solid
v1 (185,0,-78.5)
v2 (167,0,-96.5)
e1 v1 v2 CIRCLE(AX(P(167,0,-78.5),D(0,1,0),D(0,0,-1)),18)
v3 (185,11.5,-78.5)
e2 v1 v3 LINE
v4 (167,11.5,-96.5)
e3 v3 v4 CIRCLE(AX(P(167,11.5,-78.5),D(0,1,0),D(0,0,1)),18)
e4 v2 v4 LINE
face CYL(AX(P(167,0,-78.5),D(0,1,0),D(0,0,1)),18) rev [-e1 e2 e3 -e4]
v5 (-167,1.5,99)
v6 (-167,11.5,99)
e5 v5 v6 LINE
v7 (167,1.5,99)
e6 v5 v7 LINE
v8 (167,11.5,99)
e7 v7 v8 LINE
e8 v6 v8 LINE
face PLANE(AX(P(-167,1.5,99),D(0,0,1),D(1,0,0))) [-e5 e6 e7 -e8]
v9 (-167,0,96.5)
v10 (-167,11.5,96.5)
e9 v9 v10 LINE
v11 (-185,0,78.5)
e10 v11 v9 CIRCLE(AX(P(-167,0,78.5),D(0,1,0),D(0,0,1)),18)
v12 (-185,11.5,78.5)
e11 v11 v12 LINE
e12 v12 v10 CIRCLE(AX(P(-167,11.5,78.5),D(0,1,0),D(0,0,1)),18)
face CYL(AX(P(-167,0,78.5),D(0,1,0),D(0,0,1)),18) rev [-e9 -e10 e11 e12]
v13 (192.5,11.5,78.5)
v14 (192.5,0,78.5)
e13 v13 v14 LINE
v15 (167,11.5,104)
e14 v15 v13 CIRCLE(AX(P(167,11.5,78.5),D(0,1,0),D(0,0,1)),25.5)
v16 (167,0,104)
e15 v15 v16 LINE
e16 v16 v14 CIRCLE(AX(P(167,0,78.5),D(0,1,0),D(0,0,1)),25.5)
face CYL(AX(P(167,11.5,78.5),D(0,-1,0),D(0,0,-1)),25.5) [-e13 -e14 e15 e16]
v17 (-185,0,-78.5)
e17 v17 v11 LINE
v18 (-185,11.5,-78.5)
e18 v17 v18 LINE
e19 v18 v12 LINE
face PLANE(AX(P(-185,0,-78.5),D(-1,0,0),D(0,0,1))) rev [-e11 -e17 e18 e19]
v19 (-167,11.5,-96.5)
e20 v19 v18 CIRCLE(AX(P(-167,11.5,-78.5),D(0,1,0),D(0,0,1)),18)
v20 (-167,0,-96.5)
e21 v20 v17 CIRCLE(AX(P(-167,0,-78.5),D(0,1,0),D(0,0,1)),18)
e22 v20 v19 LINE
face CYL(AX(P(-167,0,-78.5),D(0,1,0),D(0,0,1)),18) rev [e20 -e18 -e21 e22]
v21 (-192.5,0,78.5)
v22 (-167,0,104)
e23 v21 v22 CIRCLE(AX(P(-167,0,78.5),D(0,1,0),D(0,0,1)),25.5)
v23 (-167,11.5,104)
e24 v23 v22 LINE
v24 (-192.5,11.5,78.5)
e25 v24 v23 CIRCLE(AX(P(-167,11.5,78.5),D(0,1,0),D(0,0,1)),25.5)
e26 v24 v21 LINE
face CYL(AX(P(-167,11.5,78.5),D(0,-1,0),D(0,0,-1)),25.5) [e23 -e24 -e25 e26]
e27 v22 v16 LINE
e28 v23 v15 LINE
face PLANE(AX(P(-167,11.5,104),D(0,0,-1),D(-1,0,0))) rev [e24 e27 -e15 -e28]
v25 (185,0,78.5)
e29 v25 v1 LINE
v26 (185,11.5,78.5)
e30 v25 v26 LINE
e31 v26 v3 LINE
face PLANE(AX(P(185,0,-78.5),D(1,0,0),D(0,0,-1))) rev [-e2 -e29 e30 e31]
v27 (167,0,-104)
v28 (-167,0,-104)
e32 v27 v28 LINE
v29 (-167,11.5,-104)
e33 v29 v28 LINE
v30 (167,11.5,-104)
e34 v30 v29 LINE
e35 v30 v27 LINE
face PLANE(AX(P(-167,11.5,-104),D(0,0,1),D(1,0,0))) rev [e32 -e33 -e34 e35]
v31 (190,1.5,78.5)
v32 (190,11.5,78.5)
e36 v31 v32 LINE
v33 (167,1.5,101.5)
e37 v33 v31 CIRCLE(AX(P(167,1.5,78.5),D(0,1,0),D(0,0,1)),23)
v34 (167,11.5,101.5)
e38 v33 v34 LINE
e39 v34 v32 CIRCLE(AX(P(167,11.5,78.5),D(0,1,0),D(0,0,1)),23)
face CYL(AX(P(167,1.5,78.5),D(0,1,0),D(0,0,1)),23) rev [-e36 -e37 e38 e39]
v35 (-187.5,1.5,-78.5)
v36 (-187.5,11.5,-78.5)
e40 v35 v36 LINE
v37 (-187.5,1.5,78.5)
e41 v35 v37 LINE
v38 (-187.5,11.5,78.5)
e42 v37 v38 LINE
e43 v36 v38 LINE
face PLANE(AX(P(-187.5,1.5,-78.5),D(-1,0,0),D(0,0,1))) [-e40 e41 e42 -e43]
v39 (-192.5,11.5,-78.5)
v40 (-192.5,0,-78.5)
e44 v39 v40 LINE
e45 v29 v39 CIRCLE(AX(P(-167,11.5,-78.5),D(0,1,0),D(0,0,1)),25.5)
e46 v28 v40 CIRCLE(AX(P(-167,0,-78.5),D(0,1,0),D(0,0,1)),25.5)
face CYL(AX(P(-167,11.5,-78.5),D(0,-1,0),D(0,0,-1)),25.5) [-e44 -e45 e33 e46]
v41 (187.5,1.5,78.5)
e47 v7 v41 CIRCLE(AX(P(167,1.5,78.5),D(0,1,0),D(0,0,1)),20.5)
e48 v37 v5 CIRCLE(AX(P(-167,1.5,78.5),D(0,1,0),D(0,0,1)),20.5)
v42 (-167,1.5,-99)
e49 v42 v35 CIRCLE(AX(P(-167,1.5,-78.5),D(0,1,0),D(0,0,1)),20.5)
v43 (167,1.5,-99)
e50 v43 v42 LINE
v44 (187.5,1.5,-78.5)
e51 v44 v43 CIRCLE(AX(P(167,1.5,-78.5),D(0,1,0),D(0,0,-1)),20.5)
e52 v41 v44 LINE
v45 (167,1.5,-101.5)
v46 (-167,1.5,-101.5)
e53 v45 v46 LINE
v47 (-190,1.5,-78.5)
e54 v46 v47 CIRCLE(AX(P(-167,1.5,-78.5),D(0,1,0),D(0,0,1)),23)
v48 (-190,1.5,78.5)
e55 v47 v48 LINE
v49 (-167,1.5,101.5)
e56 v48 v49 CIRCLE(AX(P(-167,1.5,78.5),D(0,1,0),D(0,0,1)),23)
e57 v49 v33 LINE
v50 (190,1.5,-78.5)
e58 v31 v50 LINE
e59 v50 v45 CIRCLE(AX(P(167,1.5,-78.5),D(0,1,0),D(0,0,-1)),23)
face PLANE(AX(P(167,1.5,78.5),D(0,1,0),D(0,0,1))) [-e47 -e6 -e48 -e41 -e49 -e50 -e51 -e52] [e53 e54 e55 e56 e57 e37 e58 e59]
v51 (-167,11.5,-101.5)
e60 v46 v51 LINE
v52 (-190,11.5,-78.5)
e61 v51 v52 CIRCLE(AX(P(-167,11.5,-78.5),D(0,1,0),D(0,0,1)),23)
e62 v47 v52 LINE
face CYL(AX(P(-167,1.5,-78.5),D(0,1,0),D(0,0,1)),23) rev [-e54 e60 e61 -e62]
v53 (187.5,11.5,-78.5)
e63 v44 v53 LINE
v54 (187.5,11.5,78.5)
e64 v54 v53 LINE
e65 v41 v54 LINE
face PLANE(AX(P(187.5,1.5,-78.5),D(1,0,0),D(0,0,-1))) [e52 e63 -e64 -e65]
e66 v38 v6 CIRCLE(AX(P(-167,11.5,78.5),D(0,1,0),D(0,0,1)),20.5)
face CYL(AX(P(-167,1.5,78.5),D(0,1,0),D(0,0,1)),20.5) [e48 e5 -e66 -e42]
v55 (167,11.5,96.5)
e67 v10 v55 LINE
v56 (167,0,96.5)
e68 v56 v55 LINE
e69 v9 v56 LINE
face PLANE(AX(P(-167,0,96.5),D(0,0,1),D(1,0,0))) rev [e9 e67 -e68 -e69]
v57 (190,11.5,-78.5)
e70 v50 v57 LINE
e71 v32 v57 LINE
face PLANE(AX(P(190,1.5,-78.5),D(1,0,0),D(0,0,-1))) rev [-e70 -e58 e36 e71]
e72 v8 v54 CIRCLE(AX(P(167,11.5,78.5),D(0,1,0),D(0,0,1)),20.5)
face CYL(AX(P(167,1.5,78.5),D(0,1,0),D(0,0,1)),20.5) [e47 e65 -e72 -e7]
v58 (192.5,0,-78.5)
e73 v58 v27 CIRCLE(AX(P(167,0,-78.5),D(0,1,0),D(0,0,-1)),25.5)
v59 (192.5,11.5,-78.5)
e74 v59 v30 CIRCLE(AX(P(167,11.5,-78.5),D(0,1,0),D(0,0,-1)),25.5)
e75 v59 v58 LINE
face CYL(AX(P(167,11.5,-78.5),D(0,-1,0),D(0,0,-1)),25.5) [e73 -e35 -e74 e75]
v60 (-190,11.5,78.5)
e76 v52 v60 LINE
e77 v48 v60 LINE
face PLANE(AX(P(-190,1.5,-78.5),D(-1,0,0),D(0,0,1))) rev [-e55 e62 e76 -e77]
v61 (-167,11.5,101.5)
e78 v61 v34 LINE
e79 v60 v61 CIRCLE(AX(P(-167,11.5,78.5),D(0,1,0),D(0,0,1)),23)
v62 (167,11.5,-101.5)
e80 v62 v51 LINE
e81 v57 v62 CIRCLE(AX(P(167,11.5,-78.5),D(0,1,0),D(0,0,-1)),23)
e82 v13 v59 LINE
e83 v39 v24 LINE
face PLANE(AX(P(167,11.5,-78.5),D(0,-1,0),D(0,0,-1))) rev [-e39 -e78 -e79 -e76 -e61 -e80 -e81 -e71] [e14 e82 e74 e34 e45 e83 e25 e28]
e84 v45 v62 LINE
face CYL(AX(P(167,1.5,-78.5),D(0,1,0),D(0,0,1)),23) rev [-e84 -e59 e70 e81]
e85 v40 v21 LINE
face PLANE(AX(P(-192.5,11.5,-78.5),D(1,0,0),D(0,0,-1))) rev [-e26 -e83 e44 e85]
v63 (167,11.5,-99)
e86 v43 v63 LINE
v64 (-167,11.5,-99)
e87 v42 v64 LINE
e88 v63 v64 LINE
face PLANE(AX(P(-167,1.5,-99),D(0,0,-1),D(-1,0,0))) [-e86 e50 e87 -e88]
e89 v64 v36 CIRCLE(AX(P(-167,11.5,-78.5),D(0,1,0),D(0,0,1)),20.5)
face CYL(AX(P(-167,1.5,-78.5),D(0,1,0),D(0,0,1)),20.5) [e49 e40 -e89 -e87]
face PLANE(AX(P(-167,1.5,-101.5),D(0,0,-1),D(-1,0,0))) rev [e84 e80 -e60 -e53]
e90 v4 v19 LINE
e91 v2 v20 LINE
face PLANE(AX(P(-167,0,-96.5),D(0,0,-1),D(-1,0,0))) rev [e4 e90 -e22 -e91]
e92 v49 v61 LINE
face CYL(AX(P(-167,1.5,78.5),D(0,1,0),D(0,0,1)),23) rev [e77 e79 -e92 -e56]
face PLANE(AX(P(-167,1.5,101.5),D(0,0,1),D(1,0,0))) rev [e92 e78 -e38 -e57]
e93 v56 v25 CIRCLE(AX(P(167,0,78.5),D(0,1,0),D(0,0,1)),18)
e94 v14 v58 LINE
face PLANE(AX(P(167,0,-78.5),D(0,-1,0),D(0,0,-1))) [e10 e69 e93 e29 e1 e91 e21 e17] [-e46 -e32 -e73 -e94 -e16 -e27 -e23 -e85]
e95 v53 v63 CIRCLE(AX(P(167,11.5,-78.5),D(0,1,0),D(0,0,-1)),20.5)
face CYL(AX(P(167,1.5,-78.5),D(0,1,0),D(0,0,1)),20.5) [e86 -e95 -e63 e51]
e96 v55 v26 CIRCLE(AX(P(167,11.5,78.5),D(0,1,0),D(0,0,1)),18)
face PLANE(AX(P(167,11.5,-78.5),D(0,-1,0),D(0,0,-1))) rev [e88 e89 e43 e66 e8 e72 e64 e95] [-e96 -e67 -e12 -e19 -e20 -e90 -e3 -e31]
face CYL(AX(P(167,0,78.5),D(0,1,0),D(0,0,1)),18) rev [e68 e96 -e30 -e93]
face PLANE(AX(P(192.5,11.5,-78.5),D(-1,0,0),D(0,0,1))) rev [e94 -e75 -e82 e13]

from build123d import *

# Parameters (mm, degrees)
EXTRUDE_1_DEPTH          = 11.5
CUT_EXTRUDE_1_DEPTH      = 220.099292559
CUT_EXTRUDE_1_DEPTH_BACK = 220.099292559
CUT_EXTRUDE_3_DEPTH      = 10


with BuildPart() as part:
    # 草图2 → 凸台-拉伸1 (new body)
    with BuildSketch(Plane(origin=(0, 0, 0), x_dir=(1, 0, 0), z_dir=(0, 1, 0))):
        with BuildLine():
            Line((-167, 104), (167, 104))
            ThreePointArc((167, 104), (185.03122292, 96.53122292), (192.5, 78.5))
            Line((192.5, 78.5), (192.5, -78.5))
            ThreePointArc((192.5, -78.5), (185.03122292, -96.53122292), (167, -104))
            Line((167, -104), (-167, -104))
            ThreePointArc((-167, -104), (-185.03122292, -96.53122292), (-192.5, -78.5))
            Line((-192.5, -78.5), (-192.5, 78.5))
            ThreePointArc((-192.5, 78.5), (-185.03122292, 96.53122292), (-167, 104))
        make_face()
    extrude(amount=EXTRUDE_1_DEPTH)

    # 草图3 → 切除-拉伸1 (cut, two sides: drawn at the far end of the back side and taken through both)
    with BuildSketch(Plane(origin=(0, 11.5, 0), x_dir=(1, 0, 0), z_dir=(0, 1, 0)).offset(-CUT_EXTRUDE_1_DEPTH_BACK)):
        with BuildLine():
            Line((-167, 96.5), (167, 96.5))
            ThreePointArc((167, 96.5), (179.727922061, 91.227922061), (185, 78.5))
            Line((185, 78.5), (185, -78.5))
            ThreePointArc((185, -78.5), (179.727922061, -91.227922061), (167, -96.5))
            Line((167, -96.5), (-167, -96.5))
            ThreePointArc((-167, -96.5), (-179.727922061, -91.227922061), (-185, -78.5))
            Line((-185, -78.5), (-185, 78.5))
            ThreePointArc((-185, 78.5), (-179.727922061, 91.227922061), (-167, 96.5))
        make_face()
    extrude(amount=CUT_EXTRUDE_1_DEPTH + CUT_EXTRUDE_1_DEPTH_BACK, mode=Mode.SUBTRACT)

    # 草图6 → 切除-拉伸3 (cut)
    with BuildSketch(Plane(origin=(0, 11.5, 0), x_dir=(1, 0, 0), z_dir=(0, 1, 0))):
        with BuildLine():
            Line((-167, 101.5), (167, 101.5))
            ThreePointArc((167, 101.5), (183.263455967, 94.763455967), (190, 78.5))
            Line((190, 78.5), (190, -78.5))
            ThreePointArc((190, -78.5), (183.263455967, -94.763455967), (167, -101.5))
            Line((167, -101.5), (-167, -101.5))
            ThreePointArc((-167, -101.5), (-183.263455967, -94.763455967), (-190, -78.5))
            Line((-190, -78.5), (-190, 78.5))
            ThreePointArc((-190, 78.5), (-183.263455967, 94.763455967), (-167, 101.5))
        make_face()
        with BuildLine():
            Line((-167, 99), (167, 99))
            ThreePointArc((167, 99), (181.495689014, 92.995689014), (187.5, 78.5))
            Line((187.5, 78.5), (187.5, -78.5))
            ThreePointArc((187.5, -78.5), (181.495689014, -92.995689014), (167, -99))
            Line((167, -99), (-167, -99))
            ThreePointArc((-167, -99), (-181.495689014, -92.995689014), (-187.5, -78.5))
            Line((-187.5, -78.5), (-187.5, 78.5))
            ThreePointArc((-187.5, 78.5), (-181.495689014, 92.995689014), (-167, 99))
        make_face(mode=Mode.SUBTRACT)
    extrude(amount=-CUT_EXTRUDE_3_DEPTH, mode=Mode.SUBTRACT)


solid = part.part
